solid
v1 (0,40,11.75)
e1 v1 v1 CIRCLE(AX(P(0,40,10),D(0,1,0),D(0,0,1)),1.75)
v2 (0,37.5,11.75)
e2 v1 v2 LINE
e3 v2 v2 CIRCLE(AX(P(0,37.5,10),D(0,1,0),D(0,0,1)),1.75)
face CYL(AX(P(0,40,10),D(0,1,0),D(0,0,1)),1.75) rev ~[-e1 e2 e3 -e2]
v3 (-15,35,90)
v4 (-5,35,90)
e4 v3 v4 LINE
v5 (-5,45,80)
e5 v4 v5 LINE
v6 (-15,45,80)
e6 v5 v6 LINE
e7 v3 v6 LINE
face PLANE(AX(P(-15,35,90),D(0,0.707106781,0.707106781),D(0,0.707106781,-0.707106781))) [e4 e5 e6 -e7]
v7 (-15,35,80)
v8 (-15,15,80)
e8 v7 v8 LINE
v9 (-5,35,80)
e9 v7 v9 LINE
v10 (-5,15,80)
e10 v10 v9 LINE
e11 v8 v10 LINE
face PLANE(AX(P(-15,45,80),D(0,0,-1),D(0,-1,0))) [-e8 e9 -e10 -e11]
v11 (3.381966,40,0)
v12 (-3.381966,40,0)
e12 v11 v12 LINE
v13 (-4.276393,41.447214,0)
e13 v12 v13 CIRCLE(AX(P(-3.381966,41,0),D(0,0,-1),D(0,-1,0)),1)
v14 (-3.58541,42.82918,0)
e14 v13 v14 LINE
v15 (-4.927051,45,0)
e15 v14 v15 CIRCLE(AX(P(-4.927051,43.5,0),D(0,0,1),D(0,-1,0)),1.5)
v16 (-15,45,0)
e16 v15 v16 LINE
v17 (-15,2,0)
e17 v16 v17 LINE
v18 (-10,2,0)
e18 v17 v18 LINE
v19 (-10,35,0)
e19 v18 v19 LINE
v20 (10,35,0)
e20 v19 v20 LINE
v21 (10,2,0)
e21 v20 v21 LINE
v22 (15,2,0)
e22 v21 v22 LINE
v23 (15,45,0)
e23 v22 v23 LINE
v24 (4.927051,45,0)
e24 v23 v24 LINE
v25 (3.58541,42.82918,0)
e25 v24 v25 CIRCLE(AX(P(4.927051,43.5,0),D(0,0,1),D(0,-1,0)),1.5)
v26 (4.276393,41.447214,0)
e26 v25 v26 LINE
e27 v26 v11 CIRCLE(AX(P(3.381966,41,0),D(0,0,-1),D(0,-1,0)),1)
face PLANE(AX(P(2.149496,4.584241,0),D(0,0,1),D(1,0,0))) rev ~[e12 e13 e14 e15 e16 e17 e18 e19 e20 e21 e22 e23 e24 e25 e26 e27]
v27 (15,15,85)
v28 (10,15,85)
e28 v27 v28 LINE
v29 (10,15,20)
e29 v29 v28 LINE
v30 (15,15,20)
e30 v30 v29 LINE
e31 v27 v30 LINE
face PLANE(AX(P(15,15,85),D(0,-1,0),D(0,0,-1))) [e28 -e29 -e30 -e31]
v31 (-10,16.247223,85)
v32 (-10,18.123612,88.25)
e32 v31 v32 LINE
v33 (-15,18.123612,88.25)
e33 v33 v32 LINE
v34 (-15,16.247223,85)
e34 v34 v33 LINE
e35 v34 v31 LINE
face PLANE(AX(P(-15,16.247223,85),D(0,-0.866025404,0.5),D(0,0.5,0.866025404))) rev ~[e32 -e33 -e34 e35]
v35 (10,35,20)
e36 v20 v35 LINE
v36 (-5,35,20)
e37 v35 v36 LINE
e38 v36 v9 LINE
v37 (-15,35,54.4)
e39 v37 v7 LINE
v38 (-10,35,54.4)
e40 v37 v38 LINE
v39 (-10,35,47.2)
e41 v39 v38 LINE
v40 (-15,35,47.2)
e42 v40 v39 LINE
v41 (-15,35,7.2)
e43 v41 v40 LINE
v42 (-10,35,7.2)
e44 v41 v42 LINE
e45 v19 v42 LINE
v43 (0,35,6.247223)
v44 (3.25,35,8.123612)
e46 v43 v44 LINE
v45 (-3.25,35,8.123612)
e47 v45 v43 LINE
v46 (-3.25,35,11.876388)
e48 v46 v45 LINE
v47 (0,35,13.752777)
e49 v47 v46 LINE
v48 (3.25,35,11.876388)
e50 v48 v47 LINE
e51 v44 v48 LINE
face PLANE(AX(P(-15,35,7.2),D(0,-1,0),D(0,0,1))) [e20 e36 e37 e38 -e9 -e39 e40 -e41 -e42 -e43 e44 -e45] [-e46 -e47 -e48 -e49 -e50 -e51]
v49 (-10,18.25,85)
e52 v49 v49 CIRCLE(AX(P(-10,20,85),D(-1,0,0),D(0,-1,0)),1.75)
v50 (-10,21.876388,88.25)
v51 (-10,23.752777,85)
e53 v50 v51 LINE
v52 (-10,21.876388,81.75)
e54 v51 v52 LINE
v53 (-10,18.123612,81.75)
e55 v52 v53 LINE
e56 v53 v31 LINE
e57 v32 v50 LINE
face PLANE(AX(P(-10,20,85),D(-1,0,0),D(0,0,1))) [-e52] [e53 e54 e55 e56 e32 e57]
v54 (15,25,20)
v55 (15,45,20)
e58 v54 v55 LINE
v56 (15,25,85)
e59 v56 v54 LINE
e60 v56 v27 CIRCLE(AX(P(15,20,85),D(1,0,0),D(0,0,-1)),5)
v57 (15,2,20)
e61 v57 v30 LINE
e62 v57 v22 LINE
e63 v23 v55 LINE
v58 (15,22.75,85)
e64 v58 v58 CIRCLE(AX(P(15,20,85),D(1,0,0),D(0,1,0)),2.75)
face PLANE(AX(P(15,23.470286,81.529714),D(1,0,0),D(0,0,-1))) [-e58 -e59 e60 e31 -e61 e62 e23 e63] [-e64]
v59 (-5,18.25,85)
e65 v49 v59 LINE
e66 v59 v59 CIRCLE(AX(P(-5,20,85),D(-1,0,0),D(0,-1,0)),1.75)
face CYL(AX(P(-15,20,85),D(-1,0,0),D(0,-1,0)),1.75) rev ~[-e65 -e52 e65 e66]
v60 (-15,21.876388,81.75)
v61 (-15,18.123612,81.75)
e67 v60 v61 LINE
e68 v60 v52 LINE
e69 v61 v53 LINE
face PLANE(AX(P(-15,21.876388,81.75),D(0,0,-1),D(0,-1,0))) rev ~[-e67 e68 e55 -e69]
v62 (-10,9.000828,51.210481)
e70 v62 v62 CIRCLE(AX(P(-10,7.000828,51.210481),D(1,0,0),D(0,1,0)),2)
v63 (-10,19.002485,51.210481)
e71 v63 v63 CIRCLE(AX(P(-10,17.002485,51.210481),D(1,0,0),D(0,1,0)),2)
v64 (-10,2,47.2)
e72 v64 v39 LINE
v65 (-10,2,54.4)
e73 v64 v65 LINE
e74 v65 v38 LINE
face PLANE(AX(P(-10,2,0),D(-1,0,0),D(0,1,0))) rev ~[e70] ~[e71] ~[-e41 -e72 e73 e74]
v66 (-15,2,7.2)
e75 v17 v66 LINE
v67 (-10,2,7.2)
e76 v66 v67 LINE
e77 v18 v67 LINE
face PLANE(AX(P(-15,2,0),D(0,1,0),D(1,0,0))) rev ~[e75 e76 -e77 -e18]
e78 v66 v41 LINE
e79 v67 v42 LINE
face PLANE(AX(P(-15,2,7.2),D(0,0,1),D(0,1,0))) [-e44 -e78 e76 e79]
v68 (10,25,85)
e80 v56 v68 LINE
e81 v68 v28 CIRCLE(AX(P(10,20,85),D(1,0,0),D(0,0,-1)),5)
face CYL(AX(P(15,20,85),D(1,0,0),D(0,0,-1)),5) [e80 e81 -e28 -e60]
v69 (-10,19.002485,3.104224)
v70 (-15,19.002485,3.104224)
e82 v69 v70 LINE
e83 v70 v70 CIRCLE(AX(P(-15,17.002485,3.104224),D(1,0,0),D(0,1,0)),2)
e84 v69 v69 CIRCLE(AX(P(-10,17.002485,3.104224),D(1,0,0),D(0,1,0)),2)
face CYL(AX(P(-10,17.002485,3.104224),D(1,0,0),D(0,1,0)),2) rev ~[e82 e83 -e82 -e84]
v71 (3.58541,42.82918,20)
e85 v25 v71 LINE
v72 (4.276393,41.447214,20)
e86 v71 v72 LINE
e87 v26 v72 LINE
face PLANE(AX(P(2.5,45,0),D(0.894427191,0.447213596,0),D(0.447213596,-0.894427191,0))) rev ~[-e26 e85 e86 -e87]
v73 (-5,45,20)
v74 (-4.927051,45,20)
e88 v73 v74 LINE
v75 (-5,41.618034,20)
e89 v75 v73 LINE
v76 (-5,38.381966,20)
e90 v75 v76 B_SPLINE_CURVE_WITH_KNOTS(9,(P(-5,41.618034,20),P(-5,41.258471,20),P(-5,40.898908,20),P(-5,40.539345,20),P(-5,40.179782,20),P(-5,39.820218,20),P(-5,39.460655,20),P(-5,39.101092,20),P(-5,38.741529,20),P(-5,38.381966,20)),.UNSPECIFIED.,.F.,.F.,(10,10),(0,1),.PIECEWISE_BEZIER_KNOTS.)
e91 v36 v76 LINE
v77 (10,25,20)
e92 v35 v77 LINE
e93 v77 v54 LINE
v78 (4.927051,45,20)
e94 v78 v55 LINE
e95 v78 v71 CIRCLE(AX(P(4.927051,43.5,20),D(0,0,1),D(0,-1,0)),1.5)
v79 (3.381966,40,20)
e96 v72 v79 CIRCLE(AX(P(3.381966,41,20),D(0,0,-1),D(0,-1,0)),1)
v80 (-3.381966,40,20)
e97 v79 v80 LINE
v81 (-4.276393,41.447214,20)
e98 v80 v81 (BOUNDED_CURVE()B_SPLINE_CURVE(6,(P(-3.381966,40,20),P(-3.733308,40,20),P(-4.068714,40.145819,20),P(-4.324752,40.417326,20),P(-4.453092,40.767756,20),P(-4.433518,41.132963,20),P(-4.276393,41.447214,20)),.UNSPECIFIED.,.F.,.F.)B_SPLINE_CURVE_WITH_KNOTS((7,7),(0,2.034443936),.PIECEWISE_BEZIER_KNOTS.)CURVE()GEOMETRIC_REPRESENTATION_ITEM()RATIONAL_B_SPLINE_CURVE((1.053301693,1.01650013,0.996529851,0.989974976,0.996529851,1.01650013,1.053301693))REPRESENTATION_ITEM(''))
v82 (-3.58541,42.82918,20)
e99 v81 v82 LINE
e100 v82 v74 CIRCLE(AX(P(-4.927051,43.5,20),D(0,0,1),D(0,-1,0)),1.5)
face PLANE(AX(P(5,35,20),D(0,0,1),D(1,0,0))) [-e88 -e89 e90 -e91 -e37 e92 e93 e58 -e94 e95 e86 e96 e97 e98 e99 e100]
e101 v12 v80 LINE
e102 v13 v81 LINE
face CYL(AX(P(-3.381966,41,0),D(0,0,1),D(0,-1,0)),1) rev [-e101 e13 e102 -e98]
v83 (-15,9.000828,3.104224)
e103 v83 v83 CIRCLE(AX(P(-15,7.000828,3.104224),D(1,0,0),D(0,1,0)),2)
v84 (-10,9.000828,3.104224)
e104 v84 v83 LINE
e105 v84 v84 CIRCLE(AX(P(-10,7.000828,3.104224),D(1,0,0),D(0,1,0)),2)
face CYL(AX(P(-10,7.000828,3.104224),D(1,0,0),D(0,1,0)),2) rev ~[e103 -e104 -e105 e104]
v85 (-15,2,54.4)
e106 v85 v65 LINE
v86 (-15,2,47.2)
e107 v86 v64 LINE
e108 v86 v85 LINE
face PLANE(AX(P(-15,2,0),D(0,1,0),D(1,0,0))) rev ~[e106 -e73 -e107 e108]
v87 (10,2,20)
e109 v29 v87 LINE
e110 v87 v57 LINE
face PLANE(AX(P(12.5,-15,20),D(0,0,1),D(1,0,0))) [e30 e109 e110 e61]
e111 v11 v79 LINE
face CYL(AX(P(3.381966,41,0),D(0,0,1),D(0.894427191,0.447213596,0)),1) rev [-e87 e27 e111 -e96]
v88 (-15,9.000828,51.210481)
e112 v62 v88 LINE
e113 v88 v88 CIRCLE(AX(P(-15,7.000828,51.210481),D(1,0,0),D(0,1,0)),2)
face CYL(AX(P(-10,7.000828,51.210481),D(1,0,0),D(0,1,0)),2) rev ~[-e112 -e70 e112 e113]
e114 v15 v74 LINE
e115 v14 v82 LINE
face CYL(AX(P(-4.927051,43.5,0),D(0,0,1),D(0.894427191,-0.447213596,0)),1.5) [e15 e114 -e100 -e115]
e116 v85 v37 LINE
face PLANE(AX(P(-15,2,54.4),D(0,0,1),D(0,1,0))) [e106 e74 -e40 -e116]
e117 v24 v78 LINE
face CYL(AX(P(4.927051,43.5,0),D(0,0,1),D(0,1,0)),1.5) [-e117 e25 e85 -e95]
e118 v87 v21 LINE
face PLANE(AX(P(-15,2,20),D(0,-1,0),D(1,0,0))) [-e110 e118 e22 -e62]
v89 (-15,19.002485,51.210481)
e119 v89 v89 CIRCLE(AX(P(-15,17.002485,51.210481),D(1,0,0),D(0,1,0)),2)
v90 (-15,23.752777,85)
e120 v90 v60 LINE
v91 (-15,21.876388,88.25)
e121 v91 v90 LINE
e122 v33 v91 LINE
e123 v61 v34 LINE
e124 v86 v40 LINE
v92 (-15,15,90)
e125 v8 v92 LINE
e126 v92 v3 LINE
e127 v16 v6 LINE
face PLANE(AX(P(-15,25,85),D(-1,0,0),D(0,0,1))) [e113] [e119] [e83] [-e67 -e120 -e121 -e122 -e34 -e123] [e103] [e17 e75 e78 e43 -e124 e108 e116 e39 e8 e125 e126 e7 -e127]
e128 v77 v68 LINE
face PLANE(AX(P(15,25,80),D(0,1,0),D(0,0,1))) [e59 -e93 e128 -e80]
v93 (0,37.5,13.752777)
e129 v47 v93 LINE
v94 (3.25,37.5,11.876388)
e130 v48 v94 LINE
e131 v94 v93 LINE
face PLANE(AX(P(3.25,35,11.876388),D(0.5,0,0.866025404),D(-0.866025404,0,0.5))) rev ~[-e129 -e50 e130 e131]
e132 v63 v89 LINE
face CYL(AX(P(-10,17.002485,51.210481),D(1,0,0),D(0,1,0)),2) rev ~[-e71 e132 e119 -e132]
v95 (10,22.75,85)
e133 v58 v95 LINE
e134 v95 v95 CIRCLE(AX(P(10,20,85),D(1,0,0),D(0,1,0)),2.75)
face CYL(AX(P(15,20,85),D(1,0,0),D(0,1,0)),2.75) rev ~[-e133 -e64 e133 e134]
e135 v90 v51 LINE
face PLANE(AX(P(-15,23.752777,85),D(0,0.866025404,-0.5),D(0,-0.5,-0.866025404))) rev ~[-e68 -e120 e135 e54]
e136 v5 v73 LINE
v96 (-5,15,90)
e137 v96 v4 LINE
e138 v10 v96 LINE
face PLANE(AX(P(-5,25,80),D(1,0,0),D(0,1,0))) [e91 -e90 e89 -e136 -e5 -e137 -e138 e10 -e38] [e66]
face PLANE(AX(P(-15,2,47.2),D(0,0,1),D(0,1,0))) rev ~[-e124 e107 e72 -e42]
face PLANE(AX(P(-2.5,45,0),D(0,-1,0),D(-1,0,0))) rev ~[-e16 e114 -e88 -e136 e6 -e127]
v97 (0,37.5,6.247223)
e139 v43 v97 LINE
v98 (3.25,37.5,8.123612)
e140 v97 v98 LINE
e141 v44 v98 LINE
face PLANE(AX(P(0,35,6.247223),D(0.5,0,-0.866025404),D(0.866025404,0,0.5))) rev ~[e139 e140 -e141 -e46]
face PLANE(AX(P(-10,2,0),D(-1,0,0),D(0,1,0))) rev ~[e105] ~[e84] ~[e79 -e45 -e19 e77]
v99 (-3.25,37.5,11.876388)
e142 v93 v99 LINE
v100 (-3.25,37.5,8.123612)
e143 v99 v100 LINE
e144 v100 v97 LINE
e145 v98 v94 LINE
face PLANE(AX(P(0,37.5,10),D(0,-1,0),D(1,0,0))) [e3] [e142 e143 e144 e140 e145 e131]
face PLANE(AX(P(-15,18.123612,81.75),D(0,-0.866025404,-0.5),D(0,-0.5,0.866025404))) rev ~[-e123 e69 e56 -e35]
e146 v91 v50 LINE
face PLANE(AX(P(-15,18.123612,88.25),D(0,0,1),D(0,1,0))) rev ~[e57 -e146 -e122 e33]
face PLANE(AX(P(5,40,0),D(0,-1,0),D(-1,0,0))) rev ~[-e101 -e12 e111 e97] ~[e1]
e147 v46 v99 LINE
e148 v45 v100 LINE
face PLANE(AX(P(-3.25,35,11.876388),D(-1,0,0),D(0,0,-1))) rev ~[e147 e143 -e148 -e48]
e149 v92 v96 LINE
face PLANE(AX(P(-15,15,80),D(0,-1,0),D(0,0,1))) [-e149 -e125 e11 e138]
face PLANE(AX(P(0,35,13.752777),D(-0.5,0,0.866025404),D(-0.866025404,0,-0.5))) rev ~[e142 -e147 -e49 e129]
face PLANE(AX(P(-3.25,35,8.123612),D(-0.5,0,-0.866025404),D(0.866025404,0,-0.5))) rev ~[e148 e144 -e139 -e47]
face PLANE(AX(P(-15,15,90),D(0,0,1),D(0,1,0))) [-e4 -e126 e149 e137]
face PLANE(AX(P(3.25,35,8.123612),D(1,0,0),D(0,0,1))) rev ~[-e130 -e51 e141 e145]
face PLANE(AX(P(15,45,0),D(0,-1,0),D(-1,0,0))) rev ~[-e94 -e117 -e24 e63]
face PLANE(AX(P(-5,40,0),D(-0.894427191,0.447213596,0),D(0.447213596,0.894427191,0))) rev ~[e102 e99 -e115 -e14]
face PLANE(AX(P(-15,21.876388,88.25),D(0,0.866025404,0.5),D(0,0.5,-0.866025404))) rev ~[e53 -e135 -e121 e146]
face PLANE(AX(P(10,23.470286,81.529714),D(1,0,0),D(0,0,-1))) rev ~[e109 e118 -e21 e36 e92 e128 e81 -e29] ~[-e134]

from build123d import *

# Parameters (mm, degrees)
RESSALTO_EXTRUS_O1_DEPTH = 80
ESBO_O2_W                = 40
ESBO_O2_H                = 33
ESBO_O2_W_2              = 25.6
CORTE_EXTRUS_O1_DEPTH    = 12
ESBO_O4_R                = 2
CORTE_EXTRUS_O3_DEPTH    = 12
ESBO_O6_W                = 10
ESBO_O6_H                = 20
RESSALTO_EXTRUS_O2_DEPTH = 10
ESBO_O7_R                = 1.75
CORTE_EXTRUS_O4_DEPTH    = 15
CORTE_EXTRUS_O5_DEPTH    = 5
ESBO_O10_R               = 5
ESBO_O10_R_2             = 2.75
RESSALTO_EXTRUS_O3_DEPTH = 5
ESBO_O11_W               = 20
ESBO_O11_H               = 20
ESBO_O11_W_2             = 25
ESBO_O11_H_2             = 10
CORTE_EXTRUS_O7_DEPTH    = 60
ESBO_O13_W               = 30
ESBO_O13_H               = 47
CORTE_EXTRUS_O9_DEPTH    = 168
FILETE1_R                = 1.5
ESBO_O14_R               = 1.75
CORTE_EXTRUS_O10_DEPTH   = 14.5
CORTE_EXTRUS_O11_DEPTH   = 2.5
FILETE2_R                = 1


with BuildPart() as part:
    # Esboço1 → Ressalto-extrusão1 (new body)
    with BuildSketch(Plane.XY):
        Polygon((-2.5, 45), (-15, 45), (-15, 2), (-10, 2), (-10, 35), (10, 35), (10, -35), (-15, -35), (-15, -45), (15, -45), (15, 45), (2.5, 45), (5, 40), (-5, 40), align=None)
    extrude(amount=RESSALTO_EXTRUS_O1_DEPTH)

    # Esboço2 → Corte-extrusão1 (cut)
    with BuildSketch(Plane.ZY.offset(15)):
        with Locations((27.2, 18.5)):
            Rectangle(ESBO_O2_W, ESBO_O2_H)
        with Locations((67.2, 18.5)):
            Rectangle(ESBO_O2_W_2, ESBO_O2_H)
    extrude(amount=-CORTE_EXTRUS_O1_DEPTH, mode=Mode.SUBTRACT)

    # Esboço4 → Corte-extrusão3 (cut)
    with BuildSketch(Plane(origin=(-10, 0, 0), x_dir=(0, 0, -1), z_dir=(1, 0, 0))):
        with Locations(Location((-3.104223841, 17.002484575, 0), (0, 0, 90))):
            Circle(ESBO_O4_R)
        with Locations(Location((-3.104223841, 7.000828192, 0), (0, 0, 90))):
            Circle(ESBO_O4_R)
        with Locations(Location((-51.210481376, 17.002484575, 0), (0, 0, 90))):
            Circle(ESBO_O4_R)
        with Locations(Location((-51.210481376, 7.000828192, 0), (0, 0, 90))):
            Circle(ESBO_O4_R)
    extrude(amount=-CORTE_EXTRUS_O3_DEPTH, mode=Mode.SUBTRACT)

    # Esboço6 → Ressalto-extrusão2 (add)
    with BuildSketch(Plane.ZY.offset(15)):
        with Locations((85, 25)):
            Rectangle(ESBO_O6_W, ESBO_O6_H)
        Polygon((80, 35), (90, 35), (80, 45), align=None)
    extrude(amount=-RESSALTO_EXTRUS_O2_DEPTH)

    # Esboço7 → Corte-extrusão4 (cut)
    with BuildSketch(Plane.ZY.offset(15)):
        with Locations(Location((85, 20, 0), (0, 0, 270))):
            Circle(ESBO_O7_R)
    extrude(amount=-CORTE_EXTRUS_O4_DEPTH, mode=Mode.SUBTRACT)

    # Esboço8 → Corte-extrusão5 (cut)
    with BuildSketch(Plane.ZY.offset(15)):
        Polygon((85, 23.75277675), (81.75, 21.876388375), (81.75, 18.123611625), (85, 16.24722325), (88.25, 18.123611625), (88.25, 21.876388375), align=None)
    extrude(amount=-CORTE_EXTRUS_O5_DEPTH, mode=Mode.SUBTRACT)

    # Esboço10 → Ressalto-extrusão3 (add)
    # profile 1 of 3: a face of its own
    with BuildSketch(Plane(origin=(15, 0, 0), x_dir=(0, 0, -1), z_dir=(1, 0, 0))):
        with BuildLine():
            Line((-80, 25), (-85, 25))
            ThreePointArc((-85, 25), (-81.464466094, 23.535533906), (-80, 20))
            Line((-80, 20), (-80, 25))
        make_face()
    # profile 2 of 3: a face of its own
    with BuildSketch(Plane(origin=(15, 0, 0), x_dir=(0, 0, -1), z_dir=(1, 0, 0))):
        with Locations((-85, 20)):
            Circle(ESBO_O10_R)
        with Locations(Location((-85, 20, 0), (0, 0, 90))):
            Circle(ESBO_O10_R_2, mode=Mode.SUBTRACT)
    # profile 3 of 3: a face of its own
    with BuildSketch(Plane(origin=(15, 0, 0), x_dir=(0, 0, -1), z_dir=(1, 0, 0))):
        with BuildLine():
            Line((-80, 15), (-80, 20))
            ThreePointArc((-80, 20), (-81.464466094, 16.464466094), (-85, 15))
            Line((-85, 15), (-80, 15))
        make_face()
    extrude(amount=-RESSALTO_EXTRUS_O3_DEPTH)

    # Esboço11 → Corte-extrusão7 (cut)
    with BuildSketch(Plane.XY.offset(80)):
        with Locations((5, 35)):
            Rectangle(ESBO_O11_W, ESBO_O11_H)
        Polygon((10, -45), (15, -45), (15, 15), (10, 15), (10, -35), align=None)
        with Locations((-2.5, -40)):
            Rectangle(ESBO_O11_W_2, ESBO_O11_H_2)
    extrude(amount=-CORTE_EXTRUS_O7_DEPTH, mode=Mode.SUBTRACT)

    # Esboço13 → Corte-extrusão9 (cut)
    with BuildSketch(Plane.XY.offset(20)):
        with Locations((0, -21.5)):
            Rectangle(ESBO_O13_W, ESBO_O13_H)
    extrude(amount=-CORTE_EXTRUS_O9_DEPTH, mode=Mode.SUBTRACT)

    # Filete1
    filete1_edges = [part.edges().sort_by_distance(p)[0] for p in [
        (2.5, 45, 10),
        (-2.5, 45, 10),
    ]]
    fillet(filete1_edges, radius=FILETE1_R)

    # Esboço14 → Corte-extrusão10 (cut)
    with BuildSketch(Plane(origin=(0, 40, 0), x_dir=(1, 0, 0), z_dir=(0, 1, 0))):
        with Locations(Location((0, -10, 0), (0, 0, 270))):
            Circle(ESBO_O14_R)
    extrude(amount=-CORTE_EXTRUS_O10_DEPTH, mode=Mode.SUBTRACT)

    # Esboço15 → Corte-extrusão11 (cut)
    with BuildSketch(Plane.XZ.offset(-35)):
        Polygon((0, 13.75277675), (-3.25, 11.876388375), (-3.25, 8.123611625), (0, 6.24722325), (3.25, 8.123611625), (3.25, 11.876388375), align=None)
    extrude(amount=-CORTE_EXTRUS_O11_DEPTH, mode=Mode.SUBTRACT)

    # Filete2
    filete2_edges = [part.edges().sort_by_distance(p)[0] for p in [
        (-5, 40, 10),
        (5, 40, 10),
    ]]
    fillet(filete2_edges, radius=FILETE2_R)


solid = part.part
